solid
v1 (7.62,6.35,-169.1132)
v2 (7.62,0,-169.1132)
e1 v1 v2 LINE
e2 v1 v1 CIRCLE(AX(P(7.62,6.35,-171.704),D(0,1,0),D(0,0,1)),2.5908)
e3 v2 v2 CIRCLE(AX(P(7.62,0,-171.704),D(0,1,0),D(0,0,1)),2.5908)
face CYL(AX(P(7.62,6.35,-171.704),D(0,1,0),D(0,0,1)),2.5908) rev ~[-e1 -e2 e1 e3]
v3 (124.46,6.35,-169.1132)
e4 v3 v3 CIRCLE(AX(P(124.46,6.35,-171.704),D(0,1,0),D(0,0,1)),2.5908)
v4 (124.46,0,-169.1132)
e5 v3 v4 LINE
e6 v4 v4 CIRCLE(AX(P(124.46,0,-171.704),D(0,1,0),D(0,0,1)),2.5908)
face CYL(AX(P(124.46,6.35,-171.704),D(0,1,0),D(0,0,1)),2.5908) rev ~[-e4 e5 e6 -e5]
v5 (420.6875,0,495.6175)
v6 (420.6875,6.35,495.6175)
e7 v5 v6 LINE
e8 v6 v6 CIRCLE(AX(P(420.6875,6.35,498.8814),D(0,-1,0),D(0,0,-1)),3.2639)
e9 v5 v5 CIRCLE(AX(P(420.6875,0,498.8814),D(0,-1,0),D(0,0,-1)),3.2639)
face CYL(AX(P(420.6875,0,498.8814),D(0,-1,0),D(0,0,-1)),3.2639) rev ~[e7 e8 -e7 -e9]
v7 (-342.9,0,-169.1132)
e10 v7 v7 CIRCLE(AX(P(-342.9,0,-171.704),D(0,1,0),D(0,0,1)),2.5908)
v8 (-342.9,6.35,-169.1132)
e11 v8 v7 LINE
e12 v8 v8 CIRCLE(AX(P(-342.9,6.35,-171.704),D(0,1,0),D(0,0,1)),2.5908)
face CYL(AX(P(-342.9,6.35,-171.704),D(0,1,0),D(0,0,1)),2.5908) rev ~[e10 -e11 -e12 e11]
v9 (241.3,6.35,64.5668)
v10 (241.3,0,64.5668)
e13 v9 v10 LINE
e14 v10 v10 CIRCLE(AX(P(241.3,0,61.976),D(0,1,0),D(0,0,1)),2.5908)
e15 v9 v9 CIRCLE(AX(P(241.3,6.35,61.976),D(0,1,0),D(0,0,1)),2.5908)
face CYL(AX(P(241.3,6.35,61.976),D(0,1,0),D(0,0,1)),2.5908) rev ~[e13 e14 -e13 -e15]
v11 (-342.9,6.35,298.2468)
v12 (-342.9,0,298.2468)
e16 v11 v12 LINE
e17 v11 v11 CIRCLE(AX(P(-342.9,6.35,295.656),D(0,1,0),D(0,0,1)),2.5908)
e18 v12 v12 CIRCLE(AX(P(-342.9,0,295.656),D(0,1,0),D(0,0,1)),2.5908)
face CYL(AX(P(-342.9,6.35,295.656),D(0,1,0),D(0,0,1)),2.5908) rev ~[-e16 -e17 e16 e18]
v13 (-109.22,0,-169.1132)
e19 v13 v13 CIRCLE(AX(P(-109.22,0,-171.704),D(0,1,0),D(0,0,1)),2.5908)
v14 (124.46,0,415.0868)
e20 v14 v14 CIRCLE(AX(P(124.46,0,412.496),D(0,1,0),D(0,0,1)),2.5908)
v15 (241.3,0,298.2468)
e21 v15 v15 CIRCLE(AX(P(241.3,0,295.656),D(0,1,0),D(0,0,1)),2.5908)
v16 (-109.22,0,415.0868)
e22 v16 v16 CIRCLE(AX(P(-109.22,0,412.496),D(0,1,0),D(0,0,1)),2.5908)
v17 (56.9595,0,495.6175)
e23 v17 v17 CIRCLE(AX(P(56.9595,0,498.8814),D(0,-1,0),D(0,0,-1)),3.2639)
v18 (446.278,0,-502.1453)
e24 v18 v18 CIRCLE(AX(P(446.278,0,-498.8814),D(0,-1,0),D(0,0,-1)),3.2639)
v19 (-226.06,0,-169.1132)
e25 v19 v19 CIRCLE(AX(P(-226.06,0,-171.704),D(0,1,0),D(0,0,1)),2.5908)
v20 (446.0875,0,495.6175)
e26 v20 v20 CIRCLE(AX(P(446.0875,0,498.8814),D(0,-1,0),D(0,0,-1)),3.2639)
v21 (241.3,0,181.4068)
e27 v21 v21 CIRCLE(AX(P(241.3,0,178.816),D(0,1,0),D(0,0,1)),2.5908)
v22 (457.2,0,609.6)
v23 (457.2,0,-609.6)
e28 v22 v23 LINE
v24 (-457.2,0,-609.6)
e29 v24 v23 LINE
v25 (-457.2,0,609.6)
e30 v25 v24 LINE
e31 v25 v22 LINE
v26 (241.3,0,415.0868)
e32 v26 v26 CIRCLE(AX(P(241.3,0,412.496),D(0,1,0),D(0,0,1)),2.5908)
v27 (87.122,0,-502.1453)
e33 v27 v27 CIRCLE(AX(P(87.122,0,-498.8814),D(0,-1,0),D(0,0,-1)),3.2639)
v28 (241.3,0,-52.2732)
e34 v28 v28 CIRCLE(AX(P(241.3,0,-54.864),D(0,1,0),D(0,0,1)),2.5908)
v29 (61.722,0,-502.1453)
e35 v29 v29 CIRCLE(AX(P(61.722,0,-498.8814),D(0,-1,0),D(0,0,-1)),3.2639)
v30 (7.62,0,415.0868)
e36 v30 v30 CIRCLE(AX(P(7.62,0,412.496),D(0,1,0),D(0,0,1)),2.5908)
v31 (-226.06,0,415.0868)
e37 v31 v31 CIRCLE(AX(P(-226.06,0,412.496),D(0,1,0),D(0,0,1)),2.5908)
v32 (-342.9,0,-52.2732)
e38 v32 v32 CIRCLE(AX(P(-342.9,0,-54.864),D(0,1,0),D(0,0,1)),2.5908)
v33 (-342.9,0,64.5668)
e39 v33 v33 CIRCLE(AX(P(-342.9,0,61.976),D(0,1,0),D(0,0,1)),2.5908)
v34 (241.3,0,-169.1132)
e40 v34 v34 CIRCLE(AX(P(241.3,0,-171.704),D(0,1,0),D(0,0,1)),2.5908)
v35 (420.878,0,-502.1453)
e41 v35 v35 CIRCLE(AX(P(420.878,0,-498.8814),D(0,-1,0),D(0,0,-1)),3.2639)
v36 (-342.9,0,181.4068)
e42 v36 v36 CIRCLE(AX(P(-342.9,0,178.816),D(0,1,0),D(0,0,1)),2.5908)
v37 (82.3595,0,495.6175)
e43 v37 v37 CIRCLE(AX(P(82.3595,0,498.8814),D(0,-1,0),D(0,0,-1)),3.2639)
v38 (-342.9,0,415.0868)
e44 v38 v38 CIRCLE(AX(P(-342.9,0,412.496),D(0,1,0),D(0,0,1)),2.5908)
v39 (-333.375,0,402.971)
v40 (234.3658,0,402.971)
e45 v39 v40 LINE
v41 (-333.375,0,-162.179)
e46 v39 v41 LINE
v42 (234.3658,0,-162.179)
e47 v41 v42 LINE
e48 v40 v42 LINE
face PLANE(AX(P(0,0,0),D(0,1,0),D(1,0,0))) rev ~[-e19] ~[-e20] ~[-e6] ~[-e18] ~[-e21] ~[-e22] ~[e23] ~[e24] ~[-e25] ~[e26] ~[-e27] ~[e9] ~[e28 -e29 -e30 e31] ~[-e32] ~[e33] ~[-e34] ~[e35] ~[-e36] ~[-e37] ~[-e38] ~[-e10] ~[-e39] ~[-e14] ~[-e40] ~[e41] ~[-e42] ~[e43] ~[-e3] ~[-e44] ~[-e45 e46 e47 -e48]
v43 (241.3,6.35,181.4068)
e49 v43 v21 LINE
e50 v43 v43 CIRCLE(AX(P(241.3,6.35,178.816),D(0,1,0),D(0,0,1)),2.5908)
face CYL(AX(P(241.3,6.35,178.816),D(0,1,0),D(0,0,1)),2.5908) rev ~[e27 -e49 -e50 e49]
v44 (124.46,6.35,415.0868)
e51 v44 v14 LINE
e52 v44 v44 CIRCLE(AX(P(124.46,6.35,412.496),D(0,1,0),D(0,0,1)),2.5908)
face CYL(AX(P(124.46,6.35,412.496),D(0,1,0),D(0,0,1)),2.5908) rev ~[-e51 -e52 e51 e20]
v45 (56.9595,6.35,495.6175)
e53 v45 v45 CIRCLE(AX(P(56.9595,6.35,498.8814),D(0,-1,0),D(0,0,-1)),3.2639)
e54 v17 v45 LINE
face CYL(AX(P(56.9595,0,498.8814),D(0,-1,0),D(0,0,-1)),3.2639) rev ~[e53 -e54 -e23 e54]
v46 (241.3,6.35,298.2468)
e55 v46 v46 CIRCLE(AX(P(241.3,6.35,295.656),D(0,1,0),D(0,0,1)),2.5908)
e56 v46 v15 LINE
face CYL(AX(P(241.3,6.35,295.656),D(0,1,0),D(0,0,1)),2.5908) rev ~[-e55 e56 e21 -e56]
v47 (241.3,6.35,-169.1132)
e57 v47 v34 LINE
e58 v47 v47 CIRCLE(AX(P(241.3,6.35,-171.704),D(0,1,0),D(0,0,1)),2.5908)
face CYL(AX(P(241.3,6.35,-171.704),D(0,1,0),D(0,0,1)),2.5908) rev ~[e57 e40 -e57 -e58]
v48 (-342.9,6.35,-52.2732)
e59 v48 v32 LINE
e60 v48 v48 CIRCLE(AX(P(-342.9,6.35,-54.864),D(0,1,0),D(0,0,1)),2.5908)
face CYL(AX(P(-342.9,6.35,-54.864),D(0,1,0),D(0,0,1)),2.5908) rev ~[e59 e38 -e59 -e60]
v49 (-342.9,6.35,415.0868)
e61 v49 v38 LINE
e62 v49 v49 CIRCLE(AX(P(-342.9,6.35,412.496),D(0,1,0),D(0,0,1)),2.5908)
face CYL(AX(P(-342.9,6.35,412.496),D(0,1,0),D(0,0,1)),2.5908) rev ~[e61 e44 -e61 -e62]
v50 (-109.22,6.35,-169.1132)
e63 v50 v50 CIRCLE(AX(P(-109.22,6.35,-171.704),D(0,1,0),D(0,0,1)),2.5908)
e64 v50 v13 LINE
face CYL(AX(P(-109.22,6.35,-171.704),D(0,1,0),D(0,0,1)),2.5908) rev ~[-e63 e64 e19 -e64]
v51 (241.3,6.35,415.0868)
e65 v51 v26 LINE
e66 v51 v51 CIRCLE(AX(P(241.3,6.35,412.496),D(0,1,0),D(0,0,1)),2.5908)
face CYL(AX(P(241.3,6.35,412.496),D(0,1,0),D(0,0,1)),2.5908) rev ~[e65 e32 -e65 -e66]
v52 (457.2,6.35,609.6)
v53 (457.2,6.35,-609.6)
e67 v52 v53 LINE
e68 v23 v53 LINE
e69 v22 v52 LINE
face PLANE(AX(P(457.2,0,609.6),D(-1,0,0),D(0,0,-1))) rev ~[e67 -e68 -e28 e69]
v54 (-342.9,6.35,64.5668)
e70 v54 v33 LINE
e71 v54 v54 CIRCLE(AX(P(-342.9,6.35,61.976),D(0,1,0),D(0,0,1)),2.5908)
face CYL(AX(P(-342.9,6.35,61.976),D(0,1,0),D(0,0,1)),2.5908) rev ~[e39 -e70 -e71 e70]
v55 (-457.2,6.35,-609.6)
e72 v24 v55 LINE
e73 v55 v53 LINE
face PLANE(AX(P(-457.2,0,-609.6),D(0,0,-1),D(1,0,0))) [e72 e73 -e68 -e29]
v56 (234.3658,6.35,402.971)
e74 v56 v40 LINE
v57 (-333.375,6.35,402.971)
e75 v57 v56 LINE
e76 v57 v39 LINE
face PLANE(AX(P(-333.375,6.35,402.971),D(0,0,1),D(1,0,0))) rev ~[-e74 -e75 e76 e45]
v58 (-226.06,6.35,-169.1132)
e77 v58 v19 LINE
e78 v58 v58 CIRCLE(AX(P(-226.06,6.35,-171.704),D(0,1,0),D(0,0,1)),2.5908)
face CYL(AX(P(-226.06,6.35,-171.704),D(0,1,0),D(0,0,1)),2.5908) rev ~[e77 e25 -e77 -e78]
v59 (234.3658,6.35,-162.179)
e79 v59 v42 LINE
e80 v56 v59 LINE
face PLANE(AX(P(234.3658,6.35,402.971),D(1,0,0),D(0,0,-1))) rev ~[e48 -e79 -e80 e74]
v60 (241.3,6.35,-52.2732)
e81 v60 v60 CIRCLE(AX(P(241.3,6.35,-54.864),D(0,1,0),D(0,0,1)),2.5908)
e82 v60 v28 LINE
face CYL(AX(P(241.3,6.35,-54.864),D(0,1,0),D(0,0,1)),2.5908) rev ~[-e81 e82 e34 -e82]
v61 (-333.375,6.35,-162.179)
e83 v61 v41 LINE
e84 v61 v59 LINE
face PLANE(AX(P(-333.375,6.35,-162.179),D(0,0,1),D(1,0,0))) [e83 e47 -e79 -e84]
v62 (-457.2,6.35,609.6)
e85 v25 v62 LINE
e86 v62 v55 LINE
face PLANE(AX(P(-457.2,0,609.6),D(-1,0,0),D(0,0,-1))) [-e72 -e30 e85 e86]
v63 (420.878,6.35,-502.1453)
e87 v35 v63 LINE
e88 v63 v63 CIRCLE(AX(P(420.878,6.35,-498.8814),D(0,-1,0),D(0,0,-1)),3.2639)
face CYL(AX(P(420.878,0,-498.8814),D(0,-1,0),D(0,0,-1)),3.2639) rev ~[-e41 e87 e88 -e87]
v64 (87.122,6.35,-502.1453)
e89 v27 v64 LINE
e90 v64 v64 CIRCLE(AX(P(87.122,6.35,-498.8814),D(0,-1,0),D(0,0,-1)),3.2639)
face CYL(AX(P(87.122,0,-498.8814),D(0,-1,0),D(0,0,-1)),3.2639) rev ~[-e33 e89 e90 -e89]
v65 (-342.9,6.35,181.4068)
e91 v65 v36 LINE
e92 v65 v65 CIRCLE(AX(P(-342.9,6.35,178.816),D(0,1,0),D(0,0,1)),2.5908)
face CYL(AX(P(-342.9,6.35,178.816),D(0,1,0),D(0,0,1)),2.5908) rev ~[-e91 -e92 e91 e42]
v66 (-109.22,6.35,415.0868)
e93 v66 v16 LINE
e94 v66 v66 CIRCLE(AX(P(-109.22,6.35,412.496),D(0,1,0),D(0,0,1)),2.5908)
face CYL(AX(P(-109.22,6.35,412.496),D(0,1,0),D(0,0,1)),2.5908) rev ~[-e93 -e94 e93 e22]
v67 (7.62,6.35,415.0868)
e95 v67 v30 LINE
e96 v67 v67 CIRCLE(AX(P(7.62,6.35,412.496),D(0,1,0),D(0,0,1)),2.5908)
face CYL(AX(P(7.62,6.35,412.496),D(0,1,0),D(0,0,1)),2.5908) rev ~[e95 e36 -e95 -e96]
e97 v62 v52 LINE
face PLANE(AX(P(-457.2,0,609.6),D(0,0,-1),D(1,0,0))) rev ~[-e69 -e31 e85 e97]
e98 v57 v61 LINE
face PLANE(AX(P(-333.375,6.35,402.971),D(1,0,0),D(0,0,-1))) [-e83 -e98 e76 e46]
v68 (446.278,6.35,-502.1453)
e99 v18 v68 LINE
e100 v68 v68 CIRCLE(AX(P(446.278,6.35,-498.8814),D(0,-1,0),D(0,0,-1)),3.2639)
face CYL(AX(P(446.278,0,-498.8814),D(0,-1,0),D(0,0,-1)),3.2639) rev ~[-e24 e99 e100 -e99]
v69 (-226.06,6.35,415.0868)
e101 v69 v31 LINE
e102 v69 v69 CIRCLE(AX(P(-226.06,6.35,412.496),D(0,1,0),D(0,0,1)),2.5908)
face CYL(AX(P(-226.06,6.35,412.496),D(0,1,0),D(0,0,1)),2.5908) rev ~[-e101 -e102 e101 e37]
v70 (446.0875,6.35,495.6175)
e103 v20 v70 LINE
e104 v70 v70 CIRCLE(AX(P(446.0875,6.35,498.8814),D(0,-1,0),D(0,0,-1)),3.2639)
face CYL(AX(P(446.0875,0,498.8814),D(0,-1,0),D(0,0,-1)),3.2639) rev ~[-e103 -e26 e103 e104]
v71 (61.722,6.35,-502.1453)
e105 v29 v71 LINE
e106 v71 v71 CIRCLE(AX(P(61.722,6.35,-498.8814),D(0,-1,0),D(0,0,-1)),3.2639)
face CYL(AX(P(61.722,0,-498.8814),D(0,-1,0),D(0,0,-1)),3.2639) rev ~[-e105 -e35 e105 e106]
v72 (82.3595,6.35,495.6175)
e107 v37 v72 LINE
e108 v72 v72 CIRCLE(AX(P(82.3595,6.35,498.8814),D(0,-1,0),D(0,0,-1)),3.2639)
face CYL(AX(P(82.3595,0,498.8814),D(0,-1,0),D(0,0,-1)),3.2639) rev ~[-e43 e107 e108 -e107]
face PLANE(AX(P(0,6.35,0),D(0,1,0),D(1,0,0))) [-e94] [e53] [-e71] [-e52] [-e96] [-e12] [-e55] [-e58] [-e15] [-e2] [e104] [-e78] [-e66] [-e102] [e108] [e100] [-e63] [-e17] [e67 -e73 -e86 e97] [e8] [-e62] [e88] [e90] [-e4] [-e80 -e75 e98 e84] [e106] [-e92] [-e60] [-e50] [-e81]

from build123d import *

# Parameters (mm, degrees)
SKETCH1_W           = 914.4
SKETCH1_H           = 1219.2
BOSS_EXTRUDE1_DEPTH = 6.35
SKETCH2_R           = 3.2639
CUT_EXTRUDE1_DEPTH  = 763.026457874
SKETCH3_W           = 567.7408
SKETCH3_H           = 565.15
SKETCH3_R           = 2.5908
CUT_EXTRUDE2_DEPTH  = 763.026457874


with BuildPart() as part:
    # Sketch1 → Boss-Extrude1 (new body)
    with BuildSketch(Plane(origin=(0, 0, 0), x_dir=(1, 0, 0), z_dir=(0, 1, 0))):
        Rectangle(SKETCH1_W, SKETCH1_H)
    extrude(amount=BOSS_EXTRUDE1_DEPTH)

    # Sketch2 → Cut-Extrude1 (cut, through all)
    with BuildSketch(Plane.XZ):
        with Locations((56.9595, 498.8814)):
            Circle(SKETCH2_R)
        with Locations((82.3595, 498.8814)):
            Circle(SKETCH2_R)
        with Locations((446.0875, 498.8814)):
            Circle(SKETCH2_R)
        with Locations((420.6875, 498.8814)):
            Circle(SKETCH2_R)
        with Locations((61.722, -498.8814)):
            Circle(SKETCH2_R)
        with Locations((87.122, -498.8814)):
            Circle(SKETCH2_R)
        with Locations((420.878, -498.8814)):
            Circle(SKETCH2_R)
        with Locations((446.278, -498.8814)):
            Circle(SKETCH2_R)
    extrude(amount=-CUT_EXTRUDE1_DEPTH, mode=Mode.SUBTRACT)

    # Sketch3 → Cut-Extrude2 (cut, through all)
    with BuildSketch(Plane(origin=(0, 6.35, 0), x_dir=(1, 0, 0), z_dir=(0, 1, 0))):
        with Locations((-49.5046, -120.396)):
            Rectangle(SKETCH3_W, SKETCH3_H)
        with Locations((241.3, 171.704)):
            Circle(SKETCH3_R)
        with Locations((241.3, 54.864)):
            Circle(SKETCH3_R)
        with Locations((241.3, -61.976)):
            Circle(SKETCH3_R)
        with Locations((241.3, -178.816)):
            Circle(SKETCH3_R)
        with Locations((241.3, -295.656)):
            Circle(SKETCH3_R)
        with Locations((241.3, -412.496)):
            Circle(SKETCH3_R)
        with Locations((-342.9, -412.496)):
            Circle(SKETCH3_R)
        with Locations((-226.06, -412.496)):
            Circle(SKETCH3_R)
        with Locations((-109.22, -412.496)):
            Circle(SKETCH3_R)
        with Locations((7.62, -412.496)):
            Circle(SKETCH3_R)
        with Locations((124.46, -412.496)):
            Circle(SKETCH3_R)
        with Locations((-342.9, -295.656)):
            Circle(SKETCH3_R)
        with Locations((-342.9, -178.816)):
            Circle(SKETCH3_R)
        with Locations((-342.9, -61.976)):
            Circle(SKETCH3_R)
        with Locations((-342.9, 54.864)):
            Circle(SKETCH3_R)
        with Locations((124.46, 171.704)):
            Circle(SKETCH3_R)
        with Locations((7.62, 171.704)):
            Circle(SKETCH3_R)
        with Locations((-109.22, 171.704)):
            Circle(SKETCH3_R)
        with Locations((-226.06, 171.704)):
            Circle(SKETCH3_R)
        with Locations((-342.9, 171.704)):
            Circle(SKETCH3_R)
    extrude(amount=-CUT_EXTRUDE2_DEPTH, mode=Mode.SUBTRACT)


solid = part.part
